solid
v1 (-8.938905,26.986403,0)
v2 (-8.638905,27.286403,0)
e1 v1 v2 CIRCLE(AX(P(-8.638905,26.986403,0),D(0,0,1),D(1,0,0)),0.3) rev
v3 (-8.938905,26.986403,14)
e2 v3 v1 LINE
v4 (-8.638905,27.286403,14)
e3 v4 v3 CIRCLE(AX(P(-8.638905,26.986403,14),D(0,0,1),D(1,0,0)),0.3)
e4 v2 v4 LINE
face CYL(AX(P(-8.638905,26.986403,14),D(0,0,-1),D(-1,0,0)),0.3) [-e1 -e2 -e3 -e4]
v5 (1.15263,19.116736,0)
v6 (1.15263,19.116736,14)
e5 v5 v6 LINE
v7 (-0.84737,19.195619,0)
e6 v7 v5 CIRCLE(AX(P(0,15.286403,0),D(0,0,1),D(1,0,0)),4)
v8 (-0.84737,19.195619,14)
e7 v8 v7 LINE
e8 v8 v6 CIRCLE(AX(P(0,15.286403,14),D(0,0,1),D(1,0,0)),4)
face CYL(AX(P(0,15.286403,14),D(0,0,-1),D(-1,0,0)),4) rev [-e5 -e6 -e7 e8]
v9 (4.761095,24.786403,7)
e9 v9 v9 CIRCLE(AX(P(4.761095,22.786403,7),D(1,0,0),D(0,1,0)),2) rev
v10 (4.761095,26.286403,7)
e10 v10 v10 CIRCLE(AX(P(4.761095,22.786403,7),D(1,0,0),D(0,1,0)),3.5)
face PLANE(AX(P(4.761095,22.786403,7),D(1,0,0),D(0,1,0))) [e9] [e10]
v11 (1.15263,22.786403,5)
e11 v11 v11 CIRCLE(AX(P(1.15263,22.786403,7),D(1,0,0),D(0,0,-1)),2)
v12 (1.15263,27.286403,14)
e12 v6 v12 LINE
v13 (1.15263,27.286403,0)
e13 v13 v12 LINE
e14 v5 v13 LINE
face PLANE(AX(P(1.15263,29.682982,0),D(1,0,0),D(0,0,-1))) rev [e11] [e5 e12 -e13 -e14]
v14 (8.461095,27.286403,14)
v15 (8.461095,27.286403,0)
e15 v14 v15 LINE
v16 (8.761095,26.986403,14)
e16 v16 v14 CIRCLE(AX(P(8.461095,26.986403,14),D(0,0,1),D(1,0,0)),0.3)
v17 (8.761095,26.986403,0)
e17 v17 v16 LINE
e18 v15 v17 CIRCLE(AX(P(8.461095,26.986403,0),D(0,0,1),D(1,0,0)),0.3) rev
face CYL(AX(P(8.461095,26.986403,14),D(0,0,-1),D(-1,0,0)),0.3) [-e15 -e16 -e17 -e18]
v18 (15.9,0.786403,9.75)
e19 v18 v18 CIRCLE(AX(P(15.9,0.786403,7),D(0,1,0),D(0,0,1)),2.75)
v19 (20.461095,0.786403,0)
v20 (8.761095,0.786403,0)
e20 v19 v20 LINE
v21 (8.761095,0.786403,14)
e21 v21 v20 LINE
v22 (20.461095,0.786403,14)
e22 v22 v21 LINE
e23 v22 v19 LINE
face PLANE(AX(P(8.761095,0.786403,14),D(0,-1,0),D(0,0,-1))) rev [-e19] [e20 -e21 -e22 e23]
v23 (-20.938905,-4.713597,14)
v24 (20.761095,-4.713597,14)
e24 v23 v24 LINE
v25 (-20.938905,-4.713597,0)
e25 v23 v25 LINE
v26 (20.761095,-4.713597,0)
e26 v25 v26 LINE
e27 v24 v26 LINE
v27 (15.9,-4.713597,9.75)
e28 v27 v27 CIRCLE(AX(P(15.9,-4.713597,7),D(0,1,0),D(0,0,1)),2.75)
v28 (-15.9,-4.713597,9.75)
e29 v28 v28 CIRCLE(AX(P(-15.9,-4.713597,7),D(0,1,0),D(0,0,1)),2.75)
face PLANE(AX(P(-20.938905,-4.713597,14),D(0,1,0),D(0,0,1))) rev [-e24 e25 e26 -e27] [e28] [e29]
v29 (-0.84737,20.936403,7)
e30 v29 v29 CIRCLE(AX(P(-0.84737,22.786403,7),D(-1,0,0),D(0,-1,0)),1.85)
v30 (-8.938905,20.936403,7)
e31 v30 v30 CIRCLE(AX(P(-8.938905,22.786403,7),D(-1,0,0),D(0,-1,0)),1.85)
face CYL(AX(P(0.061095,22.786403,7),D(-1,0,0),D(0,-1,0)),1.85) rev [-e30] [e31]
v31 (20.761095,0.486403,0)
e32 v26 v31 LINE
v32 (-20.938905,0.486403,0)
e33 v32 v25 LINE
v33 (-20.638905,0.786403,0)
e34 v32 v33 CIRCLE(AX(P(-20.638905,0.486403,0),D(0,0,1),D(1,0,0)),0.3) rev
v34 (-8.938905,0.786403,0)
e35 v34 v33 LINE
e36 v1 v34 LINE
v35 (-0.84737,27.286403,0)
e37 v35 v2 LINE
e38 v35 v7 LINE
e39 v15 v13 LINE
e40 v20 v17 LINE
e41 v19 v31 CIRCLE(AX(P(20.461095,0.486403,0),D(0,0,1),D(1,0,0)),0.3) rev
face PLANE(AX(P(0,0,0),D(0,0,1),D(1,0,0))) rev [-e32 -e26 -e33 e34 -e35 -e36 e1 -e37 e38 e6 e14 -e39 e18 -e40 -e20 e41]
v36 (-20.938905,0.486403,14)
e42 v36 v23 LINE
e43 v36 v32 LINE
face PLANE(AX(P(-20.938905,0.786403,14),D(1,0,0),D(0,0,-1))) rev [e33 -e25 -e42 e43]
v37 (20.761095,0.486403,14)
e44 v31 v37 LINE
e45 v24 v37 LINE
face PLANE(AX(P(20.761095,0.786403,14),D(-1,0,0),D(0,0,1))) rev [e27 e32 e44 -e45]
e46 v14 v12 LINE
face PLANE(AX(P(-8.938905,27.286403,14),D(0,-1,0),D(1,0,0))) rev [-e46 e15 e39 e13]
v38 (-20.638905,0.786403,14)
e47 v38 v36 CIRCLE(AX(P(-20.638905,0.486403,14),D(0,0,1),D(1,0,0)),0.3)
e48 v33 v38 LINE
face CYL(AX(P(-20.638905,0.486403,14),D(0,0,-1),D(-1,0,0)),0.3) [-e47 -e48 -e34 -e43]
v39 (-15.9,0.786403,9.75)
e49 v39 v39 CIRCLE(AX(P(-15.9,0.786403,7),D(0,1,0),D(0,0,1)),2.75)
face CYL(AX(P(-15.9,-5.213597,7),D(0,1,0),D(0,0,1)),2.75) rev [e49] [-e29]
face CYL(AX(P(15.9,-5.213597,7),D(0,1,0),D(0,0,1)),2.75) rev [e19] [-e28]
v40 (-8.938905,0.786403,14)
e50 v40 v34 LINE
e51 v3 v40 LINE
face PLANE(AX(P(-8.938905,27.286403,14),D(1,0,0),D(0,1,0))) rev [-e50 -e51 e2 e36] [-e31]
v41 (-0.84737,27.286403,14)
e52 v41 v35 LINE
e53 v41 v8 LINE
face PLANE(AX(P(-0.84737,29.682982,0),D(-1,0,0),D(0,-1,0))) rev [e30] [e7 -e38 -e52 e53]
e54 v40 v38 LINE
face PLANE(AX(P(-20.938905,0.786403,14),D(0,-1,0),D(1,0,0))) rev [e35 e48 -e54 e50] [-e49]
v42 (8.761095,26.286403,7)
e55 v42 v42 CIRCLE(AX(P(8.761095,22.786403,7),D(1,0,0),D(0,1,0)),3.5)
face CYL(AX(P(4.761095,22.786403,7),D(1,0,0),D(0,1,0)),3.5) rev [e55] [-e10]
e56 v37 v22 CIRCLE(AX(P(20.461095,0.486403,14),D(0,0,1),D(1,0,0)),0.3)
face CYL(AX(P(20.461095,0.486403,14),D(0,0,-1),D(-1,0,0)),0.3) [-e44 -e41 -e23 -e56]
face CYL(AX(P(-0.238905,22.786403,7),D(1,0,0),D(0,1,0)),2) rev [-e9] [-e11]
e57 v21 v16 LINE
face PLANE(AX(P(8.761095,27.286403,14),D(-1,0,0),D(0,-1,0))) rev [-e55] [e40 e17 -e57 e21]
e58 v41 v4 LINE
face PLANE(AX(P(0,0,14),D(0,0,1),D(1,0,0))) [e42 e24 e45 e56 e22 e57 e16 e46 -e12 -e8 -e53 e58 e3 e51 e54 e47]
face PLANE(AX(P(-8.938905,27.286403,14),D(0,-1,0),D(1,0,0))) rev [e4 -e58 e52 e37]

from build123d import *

# Parameters (mm, degrees)
SKETCH1_R           = 4
BOSS_EXTRUDE1_DEPTH = 14
SKETCH2_R           = 2.75
CUT_EXTRUDE1_DEPTH  = 6
SKETCH3_W           = 2
SKETCH3_H           = 11.620769134
CUT_EXTRUDE2_DEPTH  = 14
SKETCH4_R           = 2
CUT_EXTRUDE3_DEPTH  = 9
SKETCH5_R           = 3.5
CUT_EXTRUDE4_DEPTH  = 4
SKETCH6_R           = 1.85
CUT_EXTRUDE5_DEPTH  = 9
FILLET1_R           = 0.3


with BuildPart() as part:
    # Sketch1 → Boss-Extrude1 (new body)
    with BuildSketch(Plane.XY):
        Polygon((-20.938905162, 0.786403392), (-8.938905162, 0.786403392), (-8.938905162, 27.286403392), (8.761094838, 27.286403392), (8.761094838, 0.786403392), (20.761094838, 0.786403392), (20.761094838, -4.713596608), (-20.938905162, -4.713596608), align=None)
        with Locations((0, 15.286403392)):
            Circle(SKETCH1_R, mode=Mode.SUBTRACT)
    extrude(amount=BOSS_EXTRUDE1_DEPTH)

    # Sketch2 → Cut-Extrude1 (cut)
    with BuildSketch(Plane(origin=(0, 0.786403392, 0), x_dir=(1, 0, 0), z_dir=(0, 1, 0))):
        with Locations((-15.9, -7)):
            Circle(SKETCH2_R)
        with Locations((15.9, -7)):
            Circle(SKETCH2_R)
    extrude(amount=-CUT_EXTRUDE1_DEPTH, mode=Mode.SUBTRACT)

    # Sketch3 → Cut-Extrude2 (cut)
    with BuildSketch(Plane.XY.offset(14)):
        with Locations((0.152630001, 23.872597077)):
            Rectangle(SKETCH3_W, SKETCH3_H)
    extrude(amount=-CUT_EXTRUDE2_DEPTH, mode=Mode.SUBTRACT)

    # Sketch4 → Cut-Extrude3 (cut)
    with BuildSketch(Plane(origin=(8.761094838, 0, 0), x_dir=(0, 0, -1), z_dir=(1, 0, 0))):
        with Locations((-7, 22.786403392)):
            Circle(SKETCH4_R)
    extrude(amount=-CUT_EXTRUDE3_DEPTH, mode=Mode.SUBTRACT)

    # Sketch5 → Cut-Extrude4 (cut)
    with BuildSketch(Plane(origin=(8.761094838, 0, 0), x_dir=(0, 0, -1), z_dir=(1, 0, 0))):
        with Locations((-7, 22.786403392)):
            Circle(SKETCH5_R)
    extrude(amount=-CUT_EXTRUDE4_DEPTH, mode=Mode.SUBTRACT)

    # Sketch6 → Cut-Extrude5 (cut)
    with BuildSketch(Plane.ZY.offset(8.938905162)):
        with Locations((7, 22.786403392)):
            Circle(SKETCH6_R)
    extrude(amount=-CUT_EXTRUDE5_DEPTH, mode=Mode.SUBTRACT)

    # Fillet1
    fillet1_edges = [part.edges().sort_by_distance(p)[0] for p in [
        (-20.938905162, 0.786403392, 7),
        (-8.938905162, 27.286403392, 7),
        (8.761094838, 27.286403392, 7),
        (20.761094838, 0.786403392, 7),
    ]]
    fillet(fillet1_edges, radius=FILLET1_R)


solid = part.part
